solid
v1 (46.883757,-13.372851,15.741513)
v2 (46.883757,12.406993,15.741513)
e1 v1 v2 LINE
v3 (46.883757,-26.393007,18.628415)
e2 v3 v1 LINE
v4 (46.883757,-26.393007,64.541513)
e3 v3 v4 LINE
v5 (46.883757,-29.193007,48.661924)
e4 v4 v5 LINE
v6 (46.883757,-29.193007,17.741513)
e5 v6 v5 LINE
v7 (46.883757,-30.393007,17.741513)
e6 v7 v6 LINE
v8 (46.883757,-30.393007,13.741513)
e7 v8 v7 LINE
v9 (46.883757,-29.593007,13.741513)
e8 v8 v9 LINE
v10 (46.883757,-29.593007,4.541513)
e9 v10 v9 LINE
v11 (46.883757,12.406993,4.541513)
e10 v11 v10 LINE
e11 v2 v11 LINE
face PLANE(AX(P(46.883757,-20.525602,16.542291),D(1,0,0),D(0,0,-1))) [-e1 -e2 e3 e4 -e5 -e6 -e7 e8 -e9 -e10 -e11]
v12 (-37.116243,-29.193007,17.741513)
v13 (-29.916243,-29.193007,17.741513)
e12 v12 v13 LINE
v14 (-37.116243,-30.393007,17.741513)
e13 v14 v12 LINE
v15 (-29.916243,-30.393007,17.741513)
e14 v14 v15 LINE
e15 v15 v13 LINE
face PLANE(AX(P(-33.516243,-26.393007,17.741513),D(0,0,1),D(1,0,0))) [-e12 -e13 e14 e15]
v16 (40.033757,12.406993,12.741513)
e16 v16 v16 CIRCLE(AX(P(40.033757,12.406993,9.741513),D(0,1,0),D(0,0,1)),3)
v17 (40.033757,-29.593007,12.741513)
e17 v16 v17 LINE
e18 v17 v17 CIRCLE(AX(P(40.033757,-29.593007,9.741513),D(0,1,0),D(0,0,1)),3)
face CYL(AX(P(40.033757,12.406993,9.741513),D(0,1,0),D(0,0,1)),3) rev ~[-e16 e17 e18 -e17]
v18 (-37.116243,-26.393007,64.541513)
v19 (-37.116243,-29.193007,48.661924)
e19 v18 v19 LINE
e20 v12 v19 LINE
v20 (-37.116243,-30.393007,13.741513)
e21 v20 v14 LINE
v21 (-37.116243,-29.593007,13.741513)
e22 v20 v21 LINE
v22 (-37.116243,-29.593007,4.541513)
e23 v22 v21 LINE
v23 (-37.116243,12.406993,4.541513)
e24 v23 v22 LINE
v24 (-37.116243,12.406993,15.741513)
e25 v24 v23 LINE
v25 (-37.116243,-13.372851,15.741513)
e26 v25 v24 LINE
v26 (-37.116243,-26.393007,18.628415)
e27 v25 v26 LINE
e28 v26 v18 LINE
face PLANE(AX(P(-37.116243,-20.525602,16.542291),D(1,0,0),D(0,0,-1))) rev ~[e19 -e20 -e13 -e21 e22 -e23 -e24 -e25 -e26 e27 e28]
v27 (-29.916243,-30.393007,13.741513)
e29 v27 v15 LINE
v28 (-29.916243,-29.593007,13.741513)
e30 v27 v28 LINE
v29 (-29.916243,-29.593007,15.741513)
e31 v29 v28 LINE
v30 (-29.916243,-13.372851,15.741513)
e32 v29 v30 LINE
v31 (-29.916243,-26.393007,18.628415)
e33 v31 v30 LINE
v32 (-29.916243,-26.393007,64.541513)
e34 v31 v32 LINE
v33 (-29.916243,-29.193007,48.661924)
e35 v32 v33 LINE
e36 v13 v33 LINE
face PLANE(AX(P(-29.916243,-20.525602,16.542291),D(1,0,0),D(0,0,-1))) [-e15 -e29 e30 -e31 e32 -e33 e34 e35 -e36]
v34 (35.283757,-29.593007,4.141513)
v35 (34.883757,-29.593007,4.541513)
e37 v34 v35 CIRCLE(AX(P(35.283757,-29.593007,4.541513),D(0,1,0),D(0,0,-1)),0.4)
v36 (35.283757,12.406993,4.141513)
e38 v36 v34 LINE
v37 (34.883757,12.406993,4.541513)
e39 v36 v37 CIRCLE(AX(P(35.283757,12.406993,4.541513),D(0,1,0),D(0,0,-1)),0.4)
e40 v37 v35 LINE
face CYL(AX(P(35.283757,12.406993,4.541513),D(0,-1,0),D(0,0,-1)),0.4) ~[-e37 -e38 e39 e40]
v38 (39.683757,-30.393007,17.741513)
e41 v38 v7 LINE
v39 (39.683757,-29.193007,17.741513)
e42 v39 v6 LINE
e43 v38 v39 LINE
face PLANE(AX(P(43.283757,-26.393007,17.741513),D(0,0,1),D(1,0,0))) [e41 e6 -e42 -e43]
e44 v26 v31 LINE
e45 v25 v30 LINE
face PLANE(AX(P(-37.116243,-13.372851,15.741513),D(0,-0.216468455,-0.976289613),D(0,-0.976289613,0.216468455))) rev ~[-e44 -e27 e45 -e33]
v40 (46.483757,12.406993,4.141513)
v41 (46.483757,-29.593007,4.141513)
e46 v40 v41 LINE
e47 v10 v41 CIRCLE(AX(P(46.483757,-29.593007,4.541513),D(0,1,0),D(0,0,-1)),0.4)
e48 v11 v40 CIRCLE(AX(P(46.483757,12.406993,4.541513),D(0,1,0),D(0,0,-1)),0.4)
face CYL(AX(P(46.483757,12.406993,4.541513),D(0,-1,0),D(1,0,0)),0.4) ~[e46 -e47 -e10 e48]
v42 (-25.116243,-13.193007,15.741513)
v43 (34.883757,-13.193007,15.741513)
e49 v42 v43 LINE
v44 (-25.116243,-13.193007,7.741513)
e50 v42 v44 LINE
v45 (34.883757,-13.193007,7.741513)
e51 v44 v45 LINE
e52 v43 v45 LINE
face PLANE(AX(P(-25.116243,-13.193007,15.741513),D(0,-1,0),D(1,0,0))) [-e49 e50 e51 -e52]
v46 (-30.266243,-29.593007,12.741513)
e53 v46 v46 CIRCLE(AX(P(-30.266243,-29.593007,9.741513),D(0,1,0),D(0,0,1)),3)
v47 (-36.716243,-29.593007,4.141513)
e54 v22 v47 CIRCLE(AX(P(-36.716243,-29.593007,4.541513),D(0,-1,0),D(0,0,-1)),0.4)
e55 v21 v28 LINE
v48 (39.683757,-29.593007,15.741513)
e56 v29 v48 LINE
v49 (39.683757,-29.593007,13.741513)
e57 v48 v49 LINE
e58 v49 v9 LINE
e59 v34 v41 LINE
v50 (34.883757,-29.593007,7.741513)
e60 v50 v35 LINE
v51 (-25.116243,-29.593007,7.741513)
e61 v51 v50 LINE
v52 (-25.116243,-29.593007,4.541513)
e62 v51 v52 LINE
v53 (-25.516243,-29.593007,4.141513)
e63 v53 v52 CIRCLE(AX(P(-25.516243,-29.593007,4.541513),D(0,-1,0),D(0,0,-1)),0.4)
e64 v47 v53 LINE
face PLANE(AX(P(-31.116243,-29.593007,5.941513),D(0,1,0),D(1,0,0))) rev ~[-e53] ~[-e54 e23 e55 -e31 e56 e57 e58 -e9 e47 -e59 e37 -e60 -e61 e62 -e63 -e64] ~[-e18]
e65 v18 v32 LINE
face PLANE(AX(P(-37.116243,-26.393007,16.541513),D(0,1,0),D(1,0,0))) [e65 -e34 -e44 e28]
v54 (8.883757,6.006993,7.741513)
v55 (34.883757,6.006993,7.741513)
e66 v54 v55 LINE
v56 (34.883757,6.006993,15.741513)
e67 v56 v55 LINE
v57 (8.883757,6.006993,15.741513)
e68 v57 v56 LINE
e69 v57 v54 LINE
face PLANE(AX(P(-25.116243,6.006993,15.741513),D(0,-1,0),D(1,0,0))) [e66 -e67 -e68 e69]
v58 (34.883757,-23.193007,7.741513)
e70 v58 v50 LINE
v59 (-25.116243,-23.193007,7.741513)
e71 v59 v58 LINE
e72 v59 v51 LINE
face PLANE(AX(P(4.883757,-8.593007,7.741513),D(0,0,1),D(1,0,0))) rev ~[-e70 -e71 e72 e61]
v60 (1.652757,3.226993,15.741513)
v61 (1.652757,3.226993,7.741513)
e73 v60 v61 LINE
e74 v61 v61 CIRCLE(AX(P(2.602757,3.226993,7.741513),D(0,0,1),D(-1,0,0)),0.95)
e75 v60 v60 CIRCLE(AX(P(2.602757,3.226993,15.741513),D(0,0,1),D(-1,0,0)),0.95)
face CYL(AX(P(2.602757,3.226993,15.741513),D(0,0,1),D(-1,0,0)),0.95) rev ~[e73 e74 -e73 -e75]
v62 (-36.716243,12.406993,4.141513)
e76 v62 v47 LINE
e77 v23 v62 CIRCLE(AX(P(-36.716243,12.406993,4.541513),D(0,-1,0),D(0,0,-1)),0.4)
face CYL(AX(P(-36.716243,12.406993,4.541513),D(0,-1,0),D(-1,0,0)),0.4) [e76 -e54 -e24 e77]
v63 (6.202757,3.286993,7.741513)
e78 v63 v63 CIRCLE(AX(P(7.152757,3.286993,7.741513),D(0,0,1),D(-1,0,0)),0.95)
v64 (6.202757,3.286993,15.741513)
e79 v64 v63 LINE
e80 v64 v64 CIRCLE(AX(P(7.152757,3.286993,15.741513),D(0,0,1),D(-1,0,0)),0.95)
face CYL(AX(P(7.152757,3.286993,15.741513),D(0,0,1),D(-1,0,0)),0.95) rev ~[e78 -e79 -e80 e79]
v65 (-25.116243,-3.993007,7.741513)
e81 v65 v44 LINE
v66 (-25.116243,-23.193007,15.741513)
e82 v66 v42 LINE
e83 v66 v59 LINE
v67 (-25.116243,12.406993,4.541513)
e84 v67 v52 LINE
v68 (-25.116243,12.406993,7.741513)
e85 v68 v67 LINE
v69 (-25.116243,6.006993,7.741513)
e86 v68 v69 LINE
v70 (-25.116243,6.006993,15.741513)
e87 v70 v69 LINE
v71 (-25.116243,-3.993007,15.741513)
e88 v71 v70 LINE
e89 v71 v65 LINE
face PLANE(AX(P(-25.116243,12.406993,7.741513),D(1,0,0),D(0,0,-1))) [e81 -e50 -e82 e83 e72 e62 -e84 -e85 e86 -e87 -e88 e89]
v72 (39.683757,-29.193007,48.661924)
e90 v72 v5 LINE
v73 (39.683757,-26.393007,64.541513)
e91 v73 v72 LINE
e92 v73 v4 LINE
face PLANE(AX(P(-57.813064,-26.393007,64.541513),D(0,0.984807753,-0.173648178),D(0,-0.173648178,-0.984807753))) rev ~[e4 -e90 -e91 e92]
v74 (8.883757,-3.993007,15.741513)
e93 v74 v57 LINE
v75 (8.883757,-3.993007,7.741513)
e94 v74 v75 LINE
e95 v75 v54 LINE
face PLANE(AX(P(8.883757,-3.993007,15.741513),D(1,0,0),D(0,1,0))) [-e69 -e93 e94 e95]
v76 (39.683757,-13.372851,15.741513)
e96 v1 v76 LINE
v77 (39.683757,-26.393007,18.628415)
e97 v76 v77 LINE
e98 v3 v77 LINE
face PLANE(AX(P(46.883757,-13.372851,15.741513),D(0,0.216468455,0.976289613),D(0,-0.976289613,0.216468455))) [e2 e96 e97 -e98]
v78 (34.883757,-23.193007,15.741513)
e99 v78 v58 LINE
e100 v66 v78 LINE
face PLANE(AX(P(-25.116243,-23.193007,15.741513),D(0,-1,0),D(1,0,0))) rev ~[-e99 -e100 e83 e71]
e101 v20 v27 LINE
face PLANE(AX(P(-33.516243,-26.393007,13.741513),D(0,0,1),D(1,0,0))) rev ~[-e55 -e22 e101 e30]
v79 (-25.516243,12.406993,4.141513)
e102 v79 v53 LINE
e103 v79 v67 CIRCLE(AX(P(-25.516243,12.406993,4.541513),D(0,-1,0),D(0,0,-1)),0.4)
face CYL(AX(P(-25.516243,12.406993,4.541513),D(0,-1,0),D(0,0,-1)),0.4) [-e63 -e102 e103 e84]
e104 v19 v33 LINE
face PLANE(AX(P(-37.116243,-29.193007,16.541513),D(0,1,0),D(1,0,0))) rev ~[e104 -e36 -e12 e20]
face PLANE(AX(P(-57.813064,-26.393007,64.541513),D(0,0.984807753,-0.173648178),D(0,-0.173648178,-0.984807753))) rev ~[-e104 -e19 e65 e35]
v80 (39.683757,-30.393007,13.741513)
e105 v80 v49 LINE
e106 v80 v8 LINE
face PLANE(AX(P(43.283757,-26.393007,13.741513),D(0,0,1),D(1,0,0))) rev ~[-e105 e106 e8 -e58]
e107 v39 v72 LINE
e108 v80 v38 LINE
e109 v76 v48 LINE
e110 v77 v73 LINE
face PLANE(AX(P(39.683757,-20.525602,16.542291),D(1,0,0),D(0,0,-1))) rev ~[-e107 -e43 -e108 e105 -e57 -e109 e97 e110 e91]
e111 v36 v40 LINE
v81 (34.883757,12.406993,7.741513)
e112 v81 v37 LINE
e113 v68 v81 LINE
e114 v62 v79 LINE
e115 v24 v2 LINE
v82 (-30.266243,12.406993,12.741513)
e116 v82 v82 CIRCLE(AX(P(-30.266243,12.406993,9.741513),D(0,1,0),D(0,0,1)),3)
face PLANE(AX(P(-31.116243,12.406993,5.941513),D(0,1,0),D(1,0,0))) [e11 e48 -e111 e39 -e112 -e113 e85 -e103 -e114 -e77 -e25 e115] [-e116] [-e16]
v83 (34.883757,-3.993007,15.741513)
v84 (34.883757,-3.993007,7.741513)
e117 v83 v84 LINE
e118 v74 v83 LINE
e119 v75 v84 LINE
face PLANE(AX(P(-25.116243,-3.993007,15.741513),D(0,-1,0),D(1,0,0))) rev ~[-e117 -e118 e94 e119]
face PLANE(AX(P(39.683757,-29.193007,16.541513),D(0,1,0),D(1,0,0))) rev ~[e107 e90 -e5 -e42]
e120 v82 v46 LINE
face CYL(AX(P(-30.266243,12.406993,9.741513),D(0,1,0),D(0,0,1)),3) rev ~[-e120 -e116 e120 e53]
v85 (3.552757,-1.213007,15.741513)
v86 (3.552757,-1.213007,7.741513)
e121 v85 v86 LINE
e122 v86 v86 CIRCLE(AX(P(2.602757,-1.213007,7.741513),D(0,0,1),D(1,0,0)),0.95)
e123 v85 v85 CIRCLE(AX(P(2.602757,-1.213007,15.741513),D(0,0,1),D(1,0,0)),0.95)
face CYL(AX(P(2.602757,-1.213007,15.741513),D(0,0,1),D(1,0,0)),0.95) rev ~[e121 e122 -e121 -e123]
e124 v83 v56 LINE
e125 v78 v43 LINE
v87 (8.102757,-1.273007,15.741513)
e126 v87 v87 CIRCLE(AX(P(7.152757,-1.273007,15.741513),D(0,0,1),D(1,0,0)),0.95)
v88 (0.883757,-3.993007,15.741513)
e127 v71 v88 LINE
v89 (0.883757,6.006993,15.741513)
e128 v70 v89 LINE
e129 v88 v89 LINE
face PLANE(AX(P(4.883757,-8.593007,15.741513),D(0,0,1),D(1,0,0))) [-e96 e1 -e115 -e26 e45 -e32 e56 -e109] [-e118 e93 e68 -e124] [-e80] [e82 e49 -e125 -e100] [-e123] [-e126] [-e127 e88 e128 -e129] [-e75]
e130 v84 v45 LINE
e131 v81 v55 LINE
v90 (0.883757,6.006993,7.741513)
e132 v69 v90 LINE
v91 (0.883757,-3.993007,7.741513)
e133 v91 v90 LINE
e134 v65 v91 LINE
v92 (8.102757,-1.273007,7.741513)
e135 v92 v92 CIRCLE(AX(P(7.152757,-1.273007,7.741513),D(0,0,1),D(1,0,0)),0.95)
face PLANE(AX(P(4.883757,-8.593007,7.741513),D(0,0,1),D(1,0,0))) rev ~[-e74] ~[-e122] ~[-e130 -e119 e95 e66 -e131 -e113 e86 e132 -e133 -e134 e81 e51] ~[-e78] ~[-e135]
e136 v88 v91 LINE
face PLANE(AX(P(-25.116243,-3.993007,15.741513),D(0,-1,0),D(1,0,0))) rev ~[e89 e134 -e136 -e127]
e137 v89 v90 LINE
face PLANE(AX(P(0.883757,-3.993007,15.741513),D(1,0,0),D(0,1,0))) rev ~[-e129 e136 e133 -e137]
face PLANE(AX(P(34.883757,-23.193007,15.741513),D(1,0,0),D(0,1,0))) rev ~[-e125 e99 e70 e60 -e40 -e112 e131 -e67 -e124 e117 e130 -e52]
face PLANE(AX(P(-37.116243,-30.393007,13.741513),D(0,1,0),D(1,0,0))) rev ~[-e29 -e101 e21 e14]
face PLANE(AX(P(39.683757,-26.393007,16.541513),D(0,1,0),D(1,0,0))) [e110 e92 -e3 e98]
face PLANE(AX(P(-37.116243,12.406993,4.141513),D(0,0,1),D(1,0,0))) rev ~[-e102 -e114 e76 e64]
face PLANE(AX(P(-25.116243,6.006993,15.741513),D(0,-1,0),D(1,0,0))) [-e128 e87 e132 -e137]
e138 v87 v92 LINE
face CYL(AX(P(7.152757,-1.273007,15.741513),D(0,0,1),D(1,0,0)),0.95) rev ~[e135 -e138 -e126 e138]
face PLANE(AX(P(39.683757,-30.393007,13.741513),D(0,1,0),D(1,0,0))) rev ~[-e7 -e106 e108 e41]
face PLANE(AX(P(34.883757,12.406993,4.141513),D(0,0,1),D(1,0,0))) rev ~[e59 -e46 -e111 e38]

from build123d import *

# Parameters (mm, degrees)
SKETCH1_W               = 210
SKETCH1_H               = 105
BOSS_EXTRUDE1_DEPTH     = 20
SKETCH3_W               = 18
SKETCH3_H               = 18
CUT_EXTRUDE1_DEPTH      = 5
SKETCH6_W               = 18
SKETCH6_H               = 20
BOSS_EXTRUDE2_DEPTH     = 10
SKETCH7_W               = 18
SKETCH7_H               = 7
CUT_EXTRUDE2_DEPTH      = 3
SKETCH8_W               = 18
SKETCH8_H               = 7
BOSS_EXTRUDE3_DEPTH     = 120
CUT_EXTRUDE4_DEPTH      = 261.74205403
CUT_EXTRUDE4_DEPTH_BACK = 261.74205403
SKETCH12_W              = 150
SKETCH12_H              = 25
CUT_EXTRUDE5_DEPTH      = 176.159501213
SKETCH15_W              = 30
SKETCH15_H              = 9
BOSS_EXTRUDE4_DEPTH     = 105
SKETCH16_R              = 7.5
CUT_EXTRUDE11_DEPTH     = 105
SKETCH20_W              = 20
SKETCH20_H              = 25
BOSS_EXTRUDE5_DEPTH     = 20
SKETCH21_R              = 2.375
CUT_EXTRUDE9_DEPTH      = 20
FILLET1_R               = 1
BOSS_EXTRUDE6_DEPTH     = 18
BOSS_EXTRUDE7_DEPTH     = 18
SCALE1_SCALE            = 0.4


with BuildPart() as part:
    # Sketch1 → Boss-Extrude1 (new body)
    with BuildSketch(Plane.XY):
        with Locations((4.88372093, -6.511627907)):
            Rectangle(SKETCH1_W, SKETCH1_H)
    extrude(amount=BOSS_EXTRUDE1_DEPTH)

    # Sketch3 → Cut-Extrude1 (cut)
    with BuildSketch(Plane.XY.offset(20)):
        with Locations((-91.11627907, -50.011627907)):
            Rectangle(SKETCH3_W, SKETCH3_H)
        with Locations((100.88372093, -50.011627907)):
            Rectangle(SKETCH3_W, SKETCH3_H)
    extrude(amount=-CUT_EXTRUDE1_DEPTH, mode=Mode.SUBTRACT)

    # Sketch6 → Boss-Extrude2 (add)
    with BuildSketch(Plane.XY.offset(15)):
        with Locations((-91.11627907, -51.011627907)):
            Rectangle(SKETCH6_W, SKETCH6_H)
        with Locations((100.88372093, -51.011627907)):
            Rectangle(SKETCH6_W, SKETCH6_H)
    extrude(amount=BOSS_EXTRUDE2_DEPTH)

    # Sketch7 → Cut-Extrude2 (cut)
    with BuildSketch(Plane.XY.offset(25)):
        with Locations((-91.11627907, -54.511627907)):
            Rectangle(SKETCH7_W, SKETCH7_H)
        with Locations((100.88372093, -54.511627907)):
            Rectangle(SKETCH7_W, SKETCH7_H)
    extrude(amount=-CUT_EXTRUDE2_DEPTH, mode=Mode.SUBTRACT)

    # Sketch8 → Boss-Extrude3 (add)
    with BuildSketch(Plane.XY.offset(22)):
        with Locations((-91.11627907, -54.511627907)):
            Rectangle(SKETCH8_W, SKETCH8_H)
        with Locations((100.88372093, -54.511627907)):
            Rectangle(SKETCH8_W, SKETCH8_H)
    extrude(amount=BOSS_EXTRUDE3_DEPTH)

    # Sketch9 → Cut-Extrude4 (cut, two sides: drawn at the far end of the back side and taken through both)
    with BuildSketch(Plane(origin=(109.88372093, 0, 0), x_dir=(0, 0, -1), z_dir=(1, 0, 0)).offset(-CUT_EXTRUDE4_DEPTH_BACK)):
        Polygon((-490.55895682, 10.448720548), (-142, -51.011627907), (-102.301027263, -58.011627907), (246.257929557, -119.471976362), (123.337232647, -816.589890001), (-613.479653729, -686.669193091), align=None)
    extrude(amount=CUT_EXTRUDE4_DEPTH + CUT_EXTRUDE4_DEPTH_BACK, mode=Mode.SUBTRACT)

    # Sketch12 → Cut-Extrude5 (cut, through all)
    with BuildSketch(Plane.XY.offset(20)):
        with Locations((4.88372093, 17.488372093)):
            Rectangle(SKETCH12_W, SKETCH12_H)
        with Locations((4.88372093, -30.511627907)):
            Rectangle(SKETCH12_W, SKETCH12_H)
    extrude(amount=-CUT_EXTRUDE5_DEPTH, mode=Mode.SUBTRACT)

    # Sketch15 → Boss-Extrude4 (add)
    with BuildSketch(Plane(origin=(0, 45.988372093, 0), x_dir=(1, 0, 0), z_dir=(0, 1, 0))):
        with Locations((-85.11627907, 4.5)):
            Rectangle(SKETCH15_W, SKETCH15_H)
        with Locations((94.88372093, 4.5)):
            Rectangle(SKETCH15_W, SKETCH15_H)
    extrude(amount=-BOSS_EXTRUDE4_DEPTH)

    # Sketch16 → Cut-Extrude11 (cut)
    with BuildSketch(Plane(origin=(0, 45.988372093, 0), x_dir=(1, 0, 0), z_dir=(0, 1, 0))):
        with Locations(Location((-82.99127907, -5, 0), (0, 0, 270))):
            Circle(SKETCH16_R)
        with Locations(Location((92.75872093, -5, 0), (0, 0, 270))):
            Circle(SKETCH16_R)
    extrude(amount=-CUT_EXTRUDE11_DEPTH, mode=Mode.SUBTRACT)

    # Sketch20 → Boss-Extrude5 (add)
    with BuildSketch(Plane.XY.offset(20)):
        with Locations((4.88372093, 17.488372093)):
            Rectangle(SKETCH20_W, SKETCH20_H)
    extrude(amount=-BOSS_EXTRUDE5_DEPTH)

    # Sketch21 → Cut-Extrude9 (cut)
    with BuildSketch(Plane.XY.offset(20)):
        with Locations((-0.81877907, 11.938372093)):
            Circle(SKETCH21_R)
        with Locations((10.55622093, 11.788372093)):
            Circle(SKETCH21_R)
        with Locations(Location((10.55622093, 23.188372093, 0), (0, 0, 180))):
            Circle(SKETCH21_R)
        with Locations(Location((-0.81877907, 23.038372093, 0), (0, 0, 180))):
            Circle(SKETCH21_R)
    extrude(amount=-CUT_EXTRUDE9_DEPTH, mode=Mode.SUBTRACT)

    # Fillet1
    fillet1_edges = [part.edges().sort_by_distance(p)[0] for p in [
        (-100.11627907, -6.511627907, -9),
        (-70.11627907, -6.511627907, -9),
        (109.88372093, -6.511627907, -9),
        (79.88372093, -6.511627907, -9),
    ]]
    fillet(fillet1_edges, radius=FILLET1_R)

    # Sketch23 → Boss-Extrude6 (add)
    with BuildSketch(Plane.ZY.offset(100.11627907)):
        Polygon((20, -18.461238028), (27.217256565, -51.011627907), (20, -51.011627907), align=None)
    extrude(amount=-BOSS_EXTRUDE6_DEPTH)

    # Sketch25 → Boss-Extrude7 (add)
    with BuildSketch(Plane(origin=(109.88372093, 0, 0), x_dir=(0, 0, -1), z_dir=(1, 0, 0))):
        Polygon((-20, -18.461238028), (-27.217256565, -51.011627907), (-20, -51.011627907), align=None)
    extrude(amount=-BOSS_EXTRUDE7_DEPTH)


with BuildPart() as part_1:
    # Scale1: scaled about (4.883781695, -9.980592238, 12.902521202)
    add(part.part.scale(SCALE1_SCALE).moved(Location((2.930269017, -5.988355343, 7.741512721))))


solid = part_1.part
